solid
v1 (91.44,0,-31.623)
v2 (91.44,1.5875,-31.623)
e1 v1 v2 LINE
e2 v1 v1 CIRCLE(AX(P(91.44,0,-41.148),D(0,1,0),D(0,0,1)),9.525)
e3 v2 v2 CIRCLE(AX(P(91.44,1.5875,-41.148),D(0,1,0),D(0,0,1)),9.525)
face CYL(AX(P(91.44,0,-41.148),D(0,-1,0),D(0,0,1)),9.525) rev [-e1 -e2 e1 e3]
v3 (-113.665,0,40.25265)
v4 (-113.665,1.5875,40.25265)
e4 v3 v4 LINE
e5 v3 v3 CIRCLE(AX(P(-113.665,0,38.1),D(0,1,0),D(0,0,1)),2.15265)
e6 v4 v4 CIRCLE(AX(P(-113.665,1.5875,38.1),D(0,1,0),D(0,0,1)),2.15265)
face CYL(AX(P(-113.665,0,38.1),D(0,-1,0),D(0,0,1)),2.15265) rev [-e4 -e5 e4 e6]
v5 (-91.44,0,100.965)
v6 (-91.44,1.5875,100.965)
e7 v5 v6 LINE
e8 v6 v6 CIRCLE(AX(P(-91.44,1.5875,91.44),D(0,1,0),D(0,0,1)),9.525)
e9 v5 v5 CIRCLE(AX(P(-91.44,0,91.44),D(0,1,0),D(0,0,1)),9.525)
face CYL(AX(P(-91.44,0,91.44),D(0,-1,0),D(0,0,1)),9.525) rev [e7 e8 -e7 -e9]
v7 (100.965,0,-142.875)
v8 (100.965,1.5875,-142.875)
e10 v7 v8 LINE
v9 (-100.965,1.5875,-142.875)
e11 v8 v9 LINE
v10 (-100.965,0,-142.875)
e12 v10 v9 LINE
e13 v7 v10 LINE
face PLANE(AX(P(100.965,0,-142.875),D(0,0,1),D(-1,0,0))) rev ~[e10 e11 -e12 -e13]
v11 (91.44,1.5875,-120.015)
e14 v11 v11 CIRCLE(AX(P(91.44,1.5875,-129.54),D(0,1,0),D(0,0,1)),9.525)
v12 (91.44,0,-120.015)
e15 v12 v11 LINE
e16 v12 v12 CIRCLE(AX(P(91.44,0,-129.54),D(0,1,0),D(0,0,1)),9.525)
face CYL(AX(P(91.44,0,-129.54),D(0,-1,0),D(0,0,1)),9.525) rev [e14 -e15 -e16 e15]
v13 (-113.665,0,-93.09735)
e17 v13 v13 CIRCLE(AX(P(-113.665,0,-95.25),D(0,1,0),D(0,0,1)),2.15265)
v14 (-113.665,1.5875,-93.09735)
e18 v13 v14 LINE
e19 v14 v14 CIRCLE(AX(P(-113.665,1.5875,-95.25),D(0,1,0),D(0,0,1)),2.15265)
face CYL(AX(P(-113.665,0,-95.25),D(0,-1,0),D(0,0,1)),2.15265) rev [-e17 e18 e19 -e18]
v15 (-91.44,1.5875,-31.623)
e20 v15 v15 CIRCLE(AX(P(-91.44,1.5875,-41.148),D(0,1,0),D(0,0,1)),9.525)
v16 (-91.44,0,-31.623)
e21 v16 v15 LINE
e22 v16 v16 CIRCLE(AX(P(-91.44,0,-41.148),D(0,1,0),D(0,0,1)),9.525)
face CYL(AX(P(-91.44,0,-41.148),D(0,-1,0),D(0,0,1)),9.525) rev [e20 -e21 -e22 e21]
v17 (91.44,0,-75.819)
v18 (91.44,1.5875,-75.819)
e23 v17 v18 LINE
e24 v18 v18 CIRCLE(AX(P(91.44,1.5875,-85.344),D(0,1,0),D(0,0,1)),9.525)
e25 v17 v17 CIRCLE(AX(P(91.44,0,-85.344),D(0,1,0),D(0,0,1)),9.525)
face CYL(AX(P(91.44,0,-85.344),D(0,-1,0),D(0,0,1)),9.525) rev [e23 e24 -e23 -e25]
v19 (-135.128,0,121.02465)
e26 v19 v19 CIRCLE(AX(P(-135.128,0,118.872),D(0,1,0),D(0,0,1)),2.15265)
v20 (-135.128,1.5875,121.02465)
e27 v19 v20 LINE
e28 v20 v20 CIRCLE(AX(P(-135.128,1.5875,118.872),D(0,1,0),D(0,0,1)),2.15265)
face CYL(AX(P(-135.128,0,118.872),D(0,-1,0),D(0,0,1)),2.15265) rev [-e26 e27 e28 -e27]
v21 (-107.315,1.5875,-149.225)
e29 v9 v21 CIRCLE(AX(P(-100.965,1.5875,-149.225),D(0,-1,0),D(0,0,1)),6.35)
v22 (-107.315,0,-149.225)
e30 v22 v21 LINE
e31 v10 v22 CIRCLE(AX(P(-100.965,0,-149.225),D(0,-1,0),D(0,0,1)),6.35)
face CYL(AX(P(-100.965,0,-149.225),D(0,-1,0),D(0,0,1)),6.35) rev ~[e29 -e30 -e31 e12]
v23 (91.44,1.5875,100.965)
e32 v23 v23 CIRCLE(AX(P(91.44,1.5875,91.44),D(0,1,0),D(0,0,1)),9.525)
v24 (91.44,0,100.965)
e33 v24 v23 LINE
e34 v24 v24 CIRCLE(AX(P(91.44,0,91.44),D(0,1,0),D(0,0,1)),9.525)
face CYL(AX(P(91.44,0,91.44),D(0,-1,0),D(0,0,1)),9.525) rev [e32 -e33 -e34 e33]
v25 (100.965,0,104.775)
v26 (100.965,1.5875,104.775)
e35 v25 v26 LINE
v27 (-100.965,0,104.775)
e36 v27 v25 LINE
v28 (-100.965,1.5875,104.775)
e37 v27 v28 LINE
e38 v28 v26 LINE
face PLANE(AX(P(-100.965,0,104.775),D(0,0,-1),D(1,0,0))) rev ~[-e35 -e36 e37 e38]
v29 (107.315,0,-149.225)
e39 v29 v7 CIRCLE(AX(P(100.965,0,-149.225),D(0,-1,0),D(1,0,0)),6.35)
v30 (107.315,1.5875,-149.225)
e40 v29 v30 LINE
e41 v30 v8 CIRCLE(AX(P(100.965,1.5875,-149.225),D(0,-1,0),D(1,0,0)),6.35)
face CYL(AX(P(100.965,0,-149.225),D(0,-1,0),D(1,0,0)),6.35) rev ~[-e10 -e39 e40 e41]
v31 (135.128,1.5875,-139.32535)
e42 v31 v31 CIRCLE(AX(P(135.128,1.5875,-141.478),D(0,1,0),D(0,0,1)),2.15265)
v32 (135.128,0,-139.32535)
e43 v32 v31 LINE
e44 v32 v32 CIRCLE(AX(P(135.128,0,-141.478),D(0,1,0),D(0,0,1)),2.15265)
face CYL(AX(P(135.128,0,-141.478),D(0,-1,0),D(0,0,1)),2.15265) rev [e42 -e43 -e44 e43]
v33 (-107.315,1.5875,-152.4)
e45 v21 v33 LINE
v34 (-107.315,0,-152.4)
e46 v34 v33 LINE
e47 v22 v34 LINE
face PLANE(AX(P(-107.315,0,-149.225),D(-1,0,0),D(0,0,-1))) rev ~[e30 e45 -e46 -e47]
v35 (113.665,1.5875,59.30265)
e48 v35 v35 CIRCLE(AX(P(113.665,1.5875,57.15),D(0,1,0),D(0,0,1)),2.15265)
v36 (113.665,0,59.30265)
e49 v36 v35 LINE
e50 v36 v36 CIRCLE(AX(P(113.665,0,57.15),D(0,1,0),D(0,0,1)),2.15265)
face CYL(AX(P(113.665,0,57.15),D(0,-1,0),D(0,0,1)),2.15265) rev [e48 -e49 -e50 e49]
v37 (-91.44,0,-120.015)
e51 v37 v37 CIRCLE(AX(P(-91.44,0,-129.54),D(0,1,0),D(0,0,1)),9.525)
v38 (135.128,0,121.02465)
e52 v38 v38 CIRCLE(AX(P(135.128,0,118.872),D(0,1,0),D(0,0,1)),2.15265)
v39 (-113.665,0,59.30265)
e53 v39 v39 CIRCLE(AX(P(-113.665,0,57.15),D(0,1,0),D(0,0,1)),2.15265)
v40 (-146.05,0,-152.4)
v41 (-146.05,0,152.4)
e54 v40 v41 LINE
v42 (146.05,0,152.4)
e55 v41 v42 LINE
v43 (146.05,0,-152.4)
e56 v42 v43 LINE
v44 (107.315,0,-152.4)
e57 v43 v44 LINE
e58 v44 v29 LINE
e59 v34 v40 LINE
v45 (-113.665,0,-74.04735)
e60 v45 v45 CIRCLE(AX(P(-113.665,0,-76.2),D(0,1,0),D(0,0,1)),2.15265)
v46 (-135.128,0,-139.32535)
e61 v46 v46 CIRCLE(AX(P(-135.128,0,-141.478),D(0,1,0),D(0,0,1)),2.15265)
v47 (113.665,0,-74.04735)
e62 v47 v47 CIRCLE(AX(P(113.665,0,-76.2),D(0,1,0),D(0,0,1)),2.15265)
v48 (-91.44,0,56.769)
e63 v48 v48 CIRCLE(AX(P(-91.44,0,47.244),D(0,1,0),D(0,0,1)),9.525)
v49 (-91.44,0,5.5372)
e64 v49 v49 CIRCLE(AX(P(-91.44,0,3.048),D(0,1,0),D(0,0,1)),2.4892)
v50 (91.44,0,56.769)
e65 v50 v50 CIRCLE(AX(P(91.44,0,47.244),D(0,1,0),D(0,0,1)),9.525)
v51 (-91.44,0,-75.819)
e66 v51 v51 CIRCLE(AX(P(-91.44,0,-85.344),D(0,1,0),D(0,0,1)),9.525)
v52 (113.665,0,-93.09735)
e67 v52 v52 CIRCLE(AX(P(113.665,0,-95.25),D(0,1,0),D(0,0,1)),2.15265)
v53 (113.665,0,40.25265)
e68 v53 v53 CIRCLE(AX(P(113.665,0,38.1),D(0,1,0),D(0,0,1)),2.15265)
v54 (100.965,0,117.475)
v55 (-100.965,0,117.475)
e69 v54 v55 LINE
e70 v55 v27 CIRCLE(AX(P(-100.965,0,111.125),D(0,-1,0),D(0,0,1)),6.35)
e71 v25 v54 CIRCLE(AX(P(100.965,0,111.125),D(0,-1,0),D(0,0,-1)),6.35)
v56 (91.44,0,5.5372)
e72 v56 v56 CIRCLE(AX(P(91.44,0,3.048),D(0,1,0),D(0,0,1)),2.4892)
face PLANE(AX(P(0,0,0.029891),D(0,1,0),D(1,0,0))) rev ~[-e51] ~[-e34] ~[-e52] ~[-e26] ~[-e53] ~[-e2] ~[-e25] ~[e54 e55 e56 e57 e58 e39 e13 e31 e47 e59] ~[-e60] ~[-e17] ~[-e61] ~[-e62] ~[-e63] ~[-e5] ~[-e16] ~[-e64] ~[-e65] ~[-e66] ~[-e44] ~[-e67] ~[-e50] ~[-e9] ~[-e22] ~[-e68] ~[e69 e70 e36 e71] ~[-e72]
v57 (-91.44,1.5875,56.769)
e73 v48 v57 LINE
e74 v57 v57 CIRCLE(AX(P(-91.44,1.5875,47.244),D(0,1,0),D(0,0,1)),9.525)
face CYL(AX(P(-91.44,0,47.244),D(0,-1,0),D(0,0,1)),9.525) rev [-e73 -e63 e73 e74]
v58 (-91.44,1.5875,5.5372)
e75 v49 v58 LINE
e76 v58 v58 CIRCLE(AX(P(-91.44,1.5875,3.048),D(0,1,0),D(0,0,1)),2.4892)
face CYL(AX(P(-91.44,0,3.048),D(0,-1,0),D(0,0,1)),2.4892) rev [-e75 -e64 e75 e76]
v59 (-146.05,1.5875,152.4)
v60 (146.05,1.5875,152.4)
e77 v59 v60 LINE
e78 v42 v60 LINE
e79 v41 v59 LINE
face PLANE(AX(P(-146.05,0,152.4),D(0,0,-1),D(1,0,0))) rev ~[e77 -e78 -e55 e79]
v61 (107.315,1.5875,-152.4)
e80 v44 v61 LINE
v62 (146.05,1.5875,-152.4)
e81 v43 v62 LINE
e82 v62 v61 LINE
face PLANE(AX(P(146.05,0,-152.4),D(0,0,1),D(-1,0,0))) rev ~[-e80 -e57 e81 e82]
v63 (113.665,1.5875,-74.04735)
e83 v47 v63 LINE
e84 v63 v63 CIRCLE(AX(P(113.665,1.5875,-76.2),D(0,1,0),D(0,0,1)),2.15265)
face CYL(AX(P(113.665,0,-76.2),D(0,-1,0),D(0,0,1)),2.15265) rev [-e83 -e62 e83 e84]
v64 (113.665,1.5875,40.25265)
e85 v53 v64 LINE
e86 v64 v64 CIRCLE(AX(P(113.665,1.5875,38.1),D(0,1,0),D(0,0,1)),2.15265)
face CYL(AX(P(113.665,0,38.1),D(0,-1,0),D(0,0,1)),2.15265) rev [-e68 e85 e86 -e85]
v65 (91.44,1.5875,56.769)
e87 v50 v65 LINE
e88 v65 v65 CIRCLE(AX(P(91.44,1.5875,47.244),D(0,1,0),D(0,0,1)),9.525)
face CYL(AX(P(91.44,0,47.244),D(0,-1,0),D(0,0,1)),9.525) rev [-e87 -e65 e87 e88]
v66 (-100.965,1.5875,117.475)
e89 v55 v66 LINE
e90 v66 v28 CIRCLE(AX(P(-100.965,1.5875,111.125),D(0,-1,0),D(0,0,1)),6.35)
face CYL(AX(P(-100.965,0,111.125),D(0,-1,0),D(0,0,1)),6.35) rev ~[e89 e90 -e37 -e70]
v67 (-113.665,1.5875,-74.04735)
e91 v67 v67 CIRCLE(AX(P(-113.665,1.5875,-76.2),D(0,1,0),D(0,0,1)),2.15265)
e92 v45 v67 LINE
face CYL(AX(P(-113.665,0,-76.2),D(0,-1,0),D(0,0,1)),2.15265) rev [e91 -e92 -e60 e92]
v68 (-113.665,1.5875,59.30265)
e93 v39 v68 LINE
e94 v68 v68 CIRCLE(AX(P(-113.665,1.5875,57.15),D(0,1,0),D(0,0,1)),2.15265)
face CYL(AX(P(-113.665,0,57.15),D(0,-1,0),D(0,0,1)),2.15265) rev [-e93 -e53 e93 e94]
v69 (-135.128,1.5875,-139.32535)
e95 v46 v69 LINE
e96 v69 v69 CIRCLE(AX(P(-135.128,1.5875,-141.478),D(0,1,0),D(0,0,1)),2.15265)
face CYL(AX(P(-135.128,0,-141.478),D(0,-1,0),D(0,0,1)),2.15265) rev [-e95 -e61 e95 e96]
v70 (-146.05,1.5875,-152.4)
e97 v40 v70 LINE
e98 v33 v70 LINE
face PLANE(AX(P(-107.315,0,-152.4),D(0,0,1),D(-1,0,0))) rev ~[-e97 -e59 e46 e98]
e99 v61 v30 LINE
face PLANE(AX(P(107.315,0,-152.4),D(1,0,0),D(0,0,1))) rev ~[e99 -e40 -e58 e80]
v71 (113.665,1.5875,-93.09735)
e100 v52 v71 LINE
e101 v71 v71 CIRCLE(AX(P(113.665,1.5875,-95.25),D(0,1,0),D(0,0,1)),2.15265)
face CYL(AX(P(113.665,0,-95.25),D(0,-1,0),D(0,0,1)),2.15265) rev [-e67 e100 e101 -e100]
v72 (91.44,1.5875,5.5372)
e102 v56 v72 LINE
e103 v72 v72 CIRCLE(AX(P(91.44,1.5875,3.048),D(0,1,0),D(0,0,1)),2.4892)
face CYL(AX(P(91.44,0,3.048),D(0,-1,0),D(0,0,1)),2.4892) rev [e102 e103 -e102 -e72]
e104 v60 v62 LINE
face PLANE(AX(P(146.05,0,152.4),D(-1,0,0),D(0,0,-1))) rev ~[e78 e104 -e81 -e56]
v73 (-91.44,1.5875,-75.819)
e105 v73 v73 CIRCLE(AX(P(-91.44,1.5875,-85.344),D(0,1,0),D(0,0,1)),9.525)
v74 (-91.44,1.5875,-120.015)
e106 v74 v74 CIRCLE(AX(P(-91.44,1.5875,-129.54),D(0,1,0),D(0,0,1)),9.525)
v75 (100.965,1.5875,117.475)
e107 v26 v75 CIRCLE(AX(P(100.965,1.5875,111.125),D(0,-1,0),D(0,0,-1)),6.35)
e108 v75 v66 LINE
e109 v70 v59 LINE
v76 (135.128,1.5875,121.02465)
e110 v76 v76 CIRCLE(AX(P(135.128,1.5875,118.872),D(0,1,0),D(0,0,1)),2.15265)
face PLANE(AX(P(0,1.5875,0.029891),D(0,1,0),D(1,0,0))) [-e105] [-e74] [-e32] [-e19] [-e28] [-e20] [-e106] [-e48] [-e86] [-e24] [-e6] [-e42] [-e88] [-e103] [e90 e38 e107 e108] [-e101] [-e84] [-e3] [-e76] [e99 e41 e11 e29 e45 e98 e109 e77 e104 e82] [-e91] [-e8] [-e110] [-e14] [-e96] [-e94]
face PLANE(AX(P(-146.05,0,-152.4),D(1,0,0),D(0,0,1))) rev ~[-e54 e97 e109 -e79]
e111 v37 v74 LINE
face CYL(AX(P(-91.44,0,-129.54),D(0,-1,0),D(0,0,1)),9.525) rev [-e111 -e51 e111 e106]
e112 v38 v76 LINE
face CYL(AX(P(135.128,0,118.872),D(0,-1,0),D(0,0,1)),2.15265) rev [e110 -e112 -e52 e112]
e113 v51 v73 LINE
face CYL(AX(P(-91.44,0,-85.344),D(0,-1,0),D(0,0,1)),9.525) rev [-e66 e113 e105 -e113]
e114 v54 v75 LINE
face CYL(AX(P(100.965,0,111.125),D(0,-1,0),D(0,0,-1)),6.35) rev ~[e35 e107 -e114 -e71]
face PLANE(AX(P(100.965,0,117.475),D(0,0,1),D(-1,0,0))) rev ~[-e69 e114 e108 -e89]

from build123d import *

# Parameters (mm, degrees)
SKETCH1_R           = 2.15265
SKETCH1_R_2         = 9.525
SKETCH1_R_3         = 2.4892
BOSS_EXTRUDE1_DEPTH = 1.5875


with BuildPart() as part:
    # Sketch1 → Boss-Extrude1 (new body)
    with BuildSketch(Plane(origin=(0, 0, 0), x_dir=(1, 0, 0), z_dir=(0, 1, 0))):
        with BuildLine():
            Line((-107.315, 152.4), (-146.05, 152.4))
            Line((-146.05, 152.4), (-146.05, -152.4))
            Line((-146.05, -152.4), (146.05, -152.4))
            Line((146.05, -152.4), (146.05, 152.4))
            Line((146.05, 152.4), (107.315, 152.4))
            Line((107.315, 152.4), (107.315, 149.225))
            ThreePointArc((107.315, 149.225), (105.455128061, 144.734871939), (100.965, 142.875))
            Line((100.965, 142.875), (-100.965, 142.875))
            ThreePointArc((-100.965, 142.875), (-105.455128061, 144.734871939), (-107.315, 149.225))
            Line((-107.315, 149.225), (-107.315, 152.4))
        make_face()
        with Locations(Location((-135.128, -118.872, 0), (0, 0, 270))):
            Circle(SKETCH1_R, mode=Mode.SUBTRACT)
        with Locations(Location((-91.44, -91.44, 0), (0, 0, 270))):
            Circle(SKETCH1_R_2, mode=Mode.SUBTRACT)
        with Locations(Location((-113.665, -57.15, 0), (0, 0, 270))):
            Circle(SKETCH1_R, mode=Mode.SUBTRACT)
        with Locations(Location((-113.665, -38.1, 0), (0, 0, 270))):
            Circle(SKETCH1_R, mode=Mode.SUBTRACT)
        with Locations(Location((-91.44, -47.244, 0), (0, 0, 270))):
            Circle(SKETCH1_R_2, mode=Mode.SUBTRACT)
        with Locations(Location((-91.44, -3.048, 0), (0, 0, 270))):
            Circle(SKETCH1_R_3, mode=Mode.SUBTRACT)
        with BuildLine():
            ThreePointArc((-100.965, -117.475), (-107.315, -111.125), (-100.965, -104.775))
            Line((-100.965, -104.775), (100.965, -104.775))
            ThreePointArc((100.965, -104.775), (107.315, -111.125), (100.965, -117.475))
            Line((100.965, -117.475), (-100.965, -117.475))
        make_face(mode=Mode.SUBTRACT)
        with Locations(Location((135.128, -118.872, 0), (0, 0, 270))):
            Circle(SKETCH1_R, mode=Mode.SUBTRACT)
        with Locations(Location((91.44, -91.44, 0), (0, 0, 270))):
            Circle(SKETCH1_R_2, mode=Mode.SUBTRACT)
        with Locations(Location((91.44, -47.244, 0), (0, 0, 270))):
            Circle(SKETCH1_R_2, mode=Mode.SUBTRACT)
        with Locations(Location((113.665, -57.15, 0), (0, 0, 270))):
            Circle(SKETCH1_R, mode=Mode.SUBTRACT)
        with Locations(Location((113.665, -38.1, 0), (0, 0, 270))):
            Circle(SKETCH1_R, mode=Mode.SUBTRACT)
        with Locations(Location((91.44, -3.048, 0), (0, 0, 270))):
            Circle(SKETCH1_R_3, mode=Mode.SUBTRACT)
        with Locations(Location((-113.665, 76.2, 0), (0, 0, 270))):
            Circle(SKETCH1_R, mode=Mode.SUBTRACT)
        with Locations(Location((-91.44, 41.148, 0), (0, 0, 270))):
            Circle(SKETCH1_R_2, mode=Mode.SUBTRACT)
        with Locations(Location((-113.665, 95.25, 0), (0, 0, 270))):
            Circle(SKETCH1_R, mode=Mode.SUBTRACT)
        with Locations(Location((-91.44, 85.344, 0), (0, 0, 270))):
            Circle(SKETCH1_R_2, mode=Mode.SUBTRACT)
        with Locations(Location((-135.128, 141.478, 0), (0, 0, 270))):
            Circle(SKETCH1_R, mode=Mode.SUBTRACT)
        with Locations(Location((-91.44, 129.54, 0), (0, 0, 270))):
            Circle(SKETCH1_R_2, mode=Mode.SUBTRACT)
        with Locations(Location((91.44, 41.148, 0), (0, 0, 270))):
            Circle(SKETCH1_R_2, mode=Mode.SUBTRACT)
        with Locations(Location((113.665, 76.2, 0), (0, 0, 270))):
            Circle(SKETCH1_R, mode=Mode.SUBTRACT)
        with Locations(Location((91.44, 85.344, 0), (0, 0, 270))):
            Circle(SKETCH1_R_2, mode=Mode.SUBTRACT)
        with Locations(Location((113.665, 95.25, 0), (0, 0, 270))):
            Circle(SKETCH1_R, mode=Mode.SUBTRACT)
        with Locations(Location((91.44, 129.54, 0), (0, 0, 270))):
            Circle(SKETCH1_R_2, mode=Mode.SUBTRACT)
        with Locations(Location((135.128, 141.478, 0), (0, 0, 270))):
            Circle(SKETCH1_R, mode=Mode.SUBTRACT)
    extrude(amount=BOSS_EXTRUDE1_DEPTH)


solid = part.part
